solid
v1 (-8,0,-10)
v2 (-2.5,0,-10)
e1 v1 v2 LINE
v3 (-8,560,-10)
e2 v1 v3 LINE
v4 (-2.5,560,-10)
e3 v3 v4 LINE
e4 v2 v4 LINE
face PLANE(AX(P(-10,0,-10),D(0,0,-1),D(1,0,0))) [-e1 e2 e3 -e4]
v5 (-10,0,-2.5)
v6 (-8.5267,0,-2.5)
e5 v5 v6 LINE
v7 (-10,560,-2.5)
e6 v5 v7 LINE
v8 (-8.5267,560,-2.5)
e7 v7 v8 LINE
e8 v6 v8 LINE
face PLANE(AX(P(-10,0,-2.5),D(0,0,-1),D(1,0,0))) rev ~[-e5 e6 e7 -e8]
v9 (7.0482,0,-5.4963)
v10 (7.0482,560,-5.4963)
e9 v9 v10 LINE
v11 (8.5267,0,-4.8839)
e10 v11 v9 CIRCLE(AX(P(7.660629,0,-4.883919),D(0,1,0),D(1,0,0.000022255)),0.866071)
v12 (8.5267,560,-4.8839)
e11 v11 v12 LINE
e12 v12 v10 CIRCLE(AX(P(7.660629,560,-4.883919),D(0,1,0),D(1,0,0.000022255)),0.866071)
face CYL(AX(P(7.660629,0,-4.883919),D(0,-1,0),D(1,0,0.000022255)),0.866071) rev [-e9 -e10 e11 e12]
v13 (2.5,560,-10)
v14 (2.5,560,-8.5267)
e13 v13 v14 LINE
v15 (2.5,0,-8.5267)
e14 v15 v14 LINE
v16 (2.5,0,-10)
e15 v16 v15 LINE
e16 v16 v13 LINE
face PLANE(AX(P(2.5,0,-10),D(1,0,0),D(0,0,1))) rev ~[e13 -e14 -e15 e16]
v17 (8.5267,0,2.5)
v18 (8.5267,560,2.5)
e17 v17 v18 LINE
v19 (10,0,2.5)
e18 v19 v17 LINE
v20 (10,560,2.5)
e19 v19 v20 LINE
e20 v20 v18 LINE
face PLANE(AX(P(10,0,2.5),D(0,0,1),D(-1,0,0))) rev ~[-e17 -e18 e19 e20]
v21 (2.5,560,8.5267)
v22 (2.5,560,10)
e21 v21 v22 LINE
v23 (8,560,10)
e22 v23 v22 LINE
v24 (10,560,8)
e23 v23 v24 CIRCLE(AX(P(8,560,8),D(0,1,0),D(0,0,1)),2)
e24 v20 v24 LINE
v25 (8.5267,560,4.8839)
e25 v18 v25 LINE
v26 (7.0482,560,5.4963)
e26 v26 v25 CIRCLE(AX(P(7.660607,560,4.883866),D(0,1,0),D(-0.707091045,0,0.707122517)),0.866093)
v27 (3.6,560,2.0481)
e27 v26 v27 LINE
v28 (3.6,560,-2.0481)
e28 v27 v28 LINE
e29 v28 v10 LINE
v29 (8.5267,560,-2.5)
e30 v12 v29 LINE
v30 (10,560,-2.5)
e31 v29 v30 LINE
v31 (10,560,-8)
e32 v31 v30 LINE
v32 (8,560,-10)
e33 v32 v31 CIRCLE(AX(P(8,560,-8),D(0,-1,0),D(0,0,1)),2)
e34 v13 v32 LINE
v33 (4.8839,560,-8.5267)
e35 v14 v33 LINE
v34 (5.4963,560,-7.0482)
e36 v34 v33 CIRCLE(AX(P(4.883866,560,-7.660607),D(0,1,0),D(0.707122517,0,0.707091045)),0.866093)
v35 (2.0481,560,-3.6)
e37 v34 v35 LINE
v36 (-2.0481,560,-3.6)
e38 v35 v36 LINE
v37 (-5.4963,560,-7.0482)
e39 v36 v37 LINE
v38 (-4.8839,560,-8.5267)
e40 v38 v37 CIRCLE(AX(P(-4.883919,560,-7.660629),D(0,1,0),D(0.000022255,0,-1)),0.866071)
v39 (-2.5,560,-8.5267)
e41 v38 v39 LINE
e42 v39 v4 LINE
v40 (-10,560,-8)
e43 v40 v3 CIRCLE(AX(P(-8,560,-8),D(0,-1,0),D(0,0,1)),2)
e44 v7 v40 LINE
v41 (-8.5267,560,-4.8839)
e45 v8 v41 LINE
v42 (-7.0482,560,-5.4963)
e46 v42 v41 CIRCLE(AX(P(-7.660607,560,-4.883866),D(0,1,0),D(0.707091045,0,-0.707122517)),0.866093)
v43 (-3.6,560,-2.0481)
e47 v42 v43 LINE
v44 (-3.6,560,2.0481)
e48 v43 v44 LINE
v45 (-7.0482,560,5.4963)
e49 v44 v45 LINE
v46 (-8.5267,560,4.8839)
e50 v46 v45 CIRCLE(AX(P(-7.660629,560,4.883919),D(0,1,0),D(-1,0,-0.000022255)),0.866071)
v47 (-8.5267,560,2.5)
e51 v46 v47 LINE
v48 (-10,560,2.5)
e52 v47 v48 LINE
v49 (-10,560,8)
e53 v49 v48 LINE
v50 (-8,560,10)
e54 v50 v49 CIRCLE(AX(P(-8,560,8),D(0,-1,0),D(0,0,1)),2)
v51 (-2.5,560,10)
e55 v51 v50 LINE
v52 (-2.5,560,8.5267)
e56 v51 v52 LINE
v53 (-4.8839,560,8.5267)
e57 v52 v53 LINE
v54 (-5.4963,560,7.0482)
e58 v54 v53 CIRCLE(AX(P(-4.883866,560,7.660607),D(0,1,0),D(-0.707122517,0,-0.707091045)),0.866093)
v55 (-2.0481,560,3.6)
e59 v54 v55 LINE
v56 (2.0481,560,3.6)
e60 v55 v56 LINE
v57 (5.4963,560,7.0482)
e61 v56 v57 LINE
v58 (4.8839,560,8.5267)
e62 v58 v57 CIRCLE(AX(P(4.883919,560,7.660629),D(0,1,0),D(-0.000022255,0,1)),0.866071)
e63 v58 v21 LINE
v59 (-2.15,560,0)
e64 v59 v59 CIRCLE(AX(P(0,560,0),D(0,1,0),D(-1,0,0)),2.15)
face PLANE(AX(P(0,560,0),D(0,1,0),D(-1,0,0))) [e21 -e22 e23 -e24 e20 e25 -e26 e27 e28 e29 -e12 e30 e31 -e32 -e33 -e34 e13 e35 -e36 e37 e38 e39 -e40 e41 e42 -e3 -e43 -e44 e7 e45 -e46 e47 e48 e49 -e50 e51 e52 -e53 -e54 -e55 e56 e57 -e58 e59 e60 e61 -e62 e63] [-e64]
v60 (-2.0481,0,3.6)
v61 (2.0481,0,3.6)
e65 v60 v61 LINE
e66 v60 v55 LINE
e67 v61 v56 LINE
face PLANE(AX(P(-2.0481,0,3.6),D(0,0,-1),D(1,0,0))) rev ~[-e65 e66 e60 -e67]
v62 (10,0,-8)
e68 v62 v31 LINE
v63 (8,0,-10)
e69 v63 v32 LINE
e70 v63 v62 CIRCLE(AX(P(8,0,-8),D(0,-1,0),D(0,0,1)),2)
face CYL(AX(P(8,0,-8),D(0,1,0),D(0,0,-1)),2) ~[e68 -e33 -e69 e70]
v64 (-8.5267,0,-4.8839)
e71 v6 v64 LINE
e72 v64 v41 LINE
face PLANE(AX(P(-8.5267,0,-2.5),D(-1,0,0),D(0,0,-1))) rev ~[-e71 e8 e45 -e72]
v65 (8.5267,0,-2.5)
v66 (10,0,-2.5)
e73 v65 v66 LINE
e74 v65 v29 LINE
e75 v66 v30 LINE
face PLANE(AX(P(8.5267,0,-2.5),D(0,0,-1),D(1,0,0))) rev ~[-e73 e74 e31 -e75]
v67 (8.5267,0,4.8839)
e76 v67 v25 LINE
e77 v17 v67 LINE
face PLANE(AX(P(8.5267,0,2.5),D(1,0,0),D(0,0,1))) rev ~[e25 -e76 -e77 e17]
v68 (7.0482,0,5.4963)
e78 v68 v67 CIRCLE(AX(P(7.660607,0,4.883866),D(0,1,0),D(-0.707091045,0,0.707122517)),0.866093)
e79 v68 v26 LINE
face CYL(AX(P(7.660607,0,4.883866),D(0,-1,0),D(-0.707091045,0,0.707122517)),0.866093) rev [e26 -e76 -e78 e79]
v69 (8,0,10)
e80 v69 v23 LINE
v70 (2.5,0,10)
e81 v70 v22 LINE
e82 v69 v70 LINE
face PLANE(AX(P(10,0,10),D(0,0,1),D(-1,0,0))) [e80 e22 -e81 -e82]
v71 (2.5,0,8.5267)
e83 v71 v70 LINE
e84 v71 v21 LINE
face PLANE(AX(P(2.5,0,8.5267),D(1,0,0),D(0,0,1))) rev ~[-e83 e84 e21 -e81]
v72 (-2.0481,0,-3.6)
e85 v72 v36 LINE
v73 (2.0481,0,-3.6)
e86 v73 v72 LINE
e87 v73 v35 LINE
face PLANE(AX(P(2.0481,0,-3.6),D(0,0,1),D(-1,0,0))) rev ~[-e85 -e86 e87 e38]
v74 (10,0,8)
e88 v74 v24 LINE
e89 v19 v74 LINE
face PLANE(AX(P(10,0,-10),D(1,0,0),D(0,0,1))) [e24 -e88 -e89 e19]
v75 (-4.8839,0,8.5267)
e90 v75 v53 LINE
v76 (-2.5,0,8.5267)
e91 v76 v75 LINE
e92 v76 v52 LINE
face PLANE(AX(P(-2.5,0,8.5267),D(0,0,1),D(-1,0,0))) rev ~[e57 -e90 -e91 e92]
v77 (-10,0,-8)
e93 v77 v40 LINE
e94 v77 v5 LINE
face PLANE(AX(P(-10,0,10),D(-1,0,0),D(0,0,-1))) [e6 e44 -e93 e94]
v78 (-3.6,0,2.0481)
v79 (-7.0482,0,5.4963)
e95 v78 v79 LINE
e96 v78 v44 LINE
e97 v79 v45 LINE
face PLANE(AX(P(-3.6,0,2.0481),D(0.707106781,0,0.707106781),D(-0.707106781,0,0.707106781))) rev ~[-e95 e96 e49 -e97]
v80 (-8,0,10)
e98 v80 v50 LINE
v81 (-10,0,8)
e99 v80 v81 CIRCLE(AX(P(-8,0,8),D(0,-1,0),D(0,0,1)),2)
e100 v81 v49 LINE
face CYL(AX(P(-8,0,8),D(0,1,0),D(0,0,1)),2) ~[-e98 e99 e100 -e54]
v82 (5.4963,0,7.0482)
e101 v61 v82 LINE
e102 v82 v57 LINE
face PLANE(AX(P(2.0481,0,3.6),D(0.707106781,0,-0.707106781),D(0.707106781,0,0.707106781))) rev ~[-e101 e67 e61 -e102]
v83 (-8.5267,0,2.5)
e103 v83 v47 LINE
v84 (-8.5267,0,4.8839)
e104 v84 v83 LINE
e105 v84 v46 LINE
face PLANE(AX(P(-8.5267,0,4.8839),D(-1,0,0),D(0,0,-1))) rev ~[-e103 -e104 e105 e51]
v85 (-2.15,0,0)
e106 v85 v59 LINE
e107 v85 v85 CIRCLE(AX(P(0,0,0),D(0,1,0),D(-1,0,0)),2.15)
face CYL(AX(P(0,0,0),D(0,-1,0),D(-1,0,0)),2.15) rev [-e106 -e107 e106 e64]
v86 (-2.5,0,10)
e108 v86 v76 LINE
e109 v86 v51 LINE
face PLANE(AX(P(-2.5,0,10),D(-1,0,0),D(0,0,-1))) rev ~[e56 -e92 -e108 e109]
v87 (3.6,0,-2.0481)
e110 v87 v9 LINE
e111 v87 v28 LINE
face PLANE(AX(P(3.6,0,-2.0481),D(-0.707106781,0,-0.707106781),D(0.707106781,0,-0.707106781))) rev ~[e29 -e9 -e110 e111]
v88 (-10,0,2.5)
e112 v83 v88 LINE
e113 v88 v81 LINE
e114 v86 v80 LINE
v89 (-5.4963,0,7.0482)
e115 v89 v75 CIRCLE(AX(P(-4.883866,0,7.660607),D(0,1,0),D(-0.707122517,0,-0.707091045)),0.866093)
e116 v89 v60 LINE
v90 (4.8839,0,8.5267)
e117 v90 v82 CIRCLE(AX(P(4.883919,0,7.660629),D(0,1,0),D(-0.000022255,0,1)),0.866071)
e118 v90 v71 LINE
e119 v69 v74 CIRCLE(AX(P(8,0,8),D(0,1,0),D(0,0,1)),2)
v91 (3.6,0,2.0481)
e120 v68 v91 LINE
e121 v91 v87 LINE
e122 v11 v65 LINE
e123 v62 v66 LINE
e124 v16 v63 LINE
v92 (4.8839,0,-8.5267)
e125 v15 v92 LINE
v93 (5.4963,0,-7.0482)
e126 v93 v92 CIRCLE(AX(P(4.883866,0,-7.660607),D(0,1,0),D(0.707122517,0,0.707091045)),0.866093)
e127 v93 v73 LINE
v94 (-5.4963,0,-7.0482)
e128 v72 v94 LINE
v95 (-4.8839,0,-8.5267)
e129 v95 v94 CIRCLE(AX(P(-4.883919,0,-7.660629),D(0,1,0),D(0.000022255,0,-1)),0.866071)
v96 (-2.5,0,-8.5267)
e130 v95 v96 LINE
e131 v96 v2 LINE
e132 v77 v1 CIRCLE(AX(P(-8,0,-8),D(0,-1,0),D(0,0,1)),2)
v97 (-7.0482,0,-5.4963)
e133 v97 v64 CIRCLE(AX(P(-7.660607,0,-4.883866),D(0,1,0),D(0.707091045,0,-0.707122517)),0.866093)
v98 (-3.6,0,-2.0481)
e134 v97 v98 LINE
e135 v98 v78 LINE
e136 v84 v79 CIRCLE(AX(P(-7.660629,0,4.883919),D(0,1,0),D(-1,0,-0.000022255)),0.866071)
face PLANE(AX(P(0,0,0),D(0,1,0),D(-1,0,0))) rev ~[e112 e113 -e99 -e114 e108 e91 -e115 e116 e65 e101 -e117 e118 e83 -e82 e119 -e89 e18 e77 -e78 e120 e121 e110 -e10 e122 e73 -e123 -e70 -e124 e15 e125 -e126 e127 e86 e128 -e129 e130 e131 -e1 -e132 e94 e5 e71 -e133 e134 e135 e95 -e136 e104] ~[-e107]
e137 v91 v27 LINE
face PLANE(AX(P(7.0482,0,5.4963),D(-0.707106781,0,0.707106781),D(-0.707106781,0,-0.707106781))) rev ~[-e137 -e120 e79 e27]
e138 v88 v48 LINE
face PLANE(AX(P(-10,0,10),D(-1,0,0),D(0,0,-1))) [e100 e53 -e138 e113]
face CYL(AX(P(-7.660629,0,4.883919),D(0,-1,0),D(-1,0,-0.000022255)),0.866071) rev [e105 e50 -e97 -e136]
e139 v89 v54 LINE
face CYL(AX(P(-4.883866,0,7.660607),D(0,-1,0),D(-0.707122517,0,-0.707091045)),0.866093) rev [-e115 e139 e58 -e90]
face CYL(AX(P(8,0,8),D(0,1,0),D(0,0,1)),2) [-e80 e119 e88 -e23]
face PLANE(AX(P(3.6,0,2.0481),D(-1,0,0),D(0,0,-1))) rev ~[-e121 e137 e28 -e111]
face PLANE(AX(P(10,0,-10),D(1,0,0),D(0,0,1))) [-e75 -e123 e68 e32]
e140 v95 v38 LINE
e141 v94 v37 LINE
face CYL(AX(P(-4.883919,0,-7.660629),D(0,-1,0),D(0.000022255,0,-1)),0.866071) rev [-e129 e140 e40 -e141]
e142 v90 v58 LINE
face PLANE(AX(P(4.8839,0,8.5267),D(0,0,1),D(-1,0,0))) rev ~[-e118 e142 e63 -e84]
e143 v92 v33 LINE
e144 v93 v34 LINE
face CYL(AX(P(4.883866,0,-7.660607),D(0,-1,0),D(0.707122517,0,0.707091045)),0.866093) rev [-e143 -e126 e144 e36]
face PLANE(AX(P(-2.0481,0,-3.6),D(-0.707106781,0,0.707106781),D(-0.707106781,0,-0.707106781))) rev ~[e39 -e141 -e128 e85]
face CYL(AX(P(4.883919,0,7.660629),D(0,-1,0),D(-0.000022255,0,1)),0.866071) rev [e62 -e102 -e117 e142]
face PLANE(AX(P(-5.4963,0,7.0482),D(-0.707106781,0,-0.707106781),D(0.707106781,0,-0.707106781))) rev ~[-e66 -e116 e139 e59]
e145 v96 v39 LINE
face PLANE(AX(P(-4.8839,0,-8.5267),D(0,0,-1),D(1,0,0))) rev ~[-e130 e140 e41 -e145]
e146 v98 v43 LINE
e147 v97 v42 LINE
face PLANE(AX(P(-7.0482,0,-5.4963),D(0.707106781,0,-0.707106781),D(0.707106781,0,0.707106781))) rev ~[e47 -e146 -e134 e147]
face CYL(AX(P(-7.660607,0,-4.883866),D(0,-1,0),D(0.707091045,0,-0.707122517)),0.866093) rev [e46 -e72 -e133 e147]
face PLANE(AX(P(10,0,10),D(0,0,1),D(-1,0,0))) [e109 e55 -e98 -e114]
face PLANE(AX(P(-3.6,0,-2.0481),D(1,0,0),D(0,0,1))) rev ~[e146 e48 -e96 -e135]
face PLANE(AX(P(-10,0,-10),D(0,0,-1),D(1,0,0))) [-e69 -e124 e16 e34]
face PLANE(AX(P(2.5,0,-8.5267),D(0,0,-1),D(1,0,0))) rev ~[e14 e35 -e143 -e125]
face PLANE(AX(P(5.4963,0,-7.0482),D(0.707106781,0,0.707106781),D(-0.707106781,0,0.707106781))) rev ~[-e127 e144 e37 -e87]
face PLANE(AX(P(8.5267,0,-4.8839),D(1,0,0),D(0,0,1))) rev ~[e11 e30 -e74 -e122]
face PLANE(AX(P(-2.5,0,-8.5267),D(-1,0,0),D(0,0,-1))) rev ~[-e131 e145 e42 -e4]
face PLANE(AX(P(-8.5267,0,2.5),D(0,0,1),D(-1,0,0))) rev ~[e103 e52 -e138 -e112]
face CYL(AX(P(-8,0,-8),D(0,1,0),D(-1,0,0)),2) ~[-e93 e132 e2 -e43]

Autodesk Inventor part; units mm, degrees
ref_plane "YZ Plane" through (0, 0, 0) normal (1, 0, 0) x (0, 1, 0)
ref_plane "XZ Plane" through (0, 0, 0) normal (0, 1, 0) x (-1, 0, 0)
ref_plane "XY Plane" through (0, 0, 0) normal (0, 0, 1) x (1, 0, 0)
sketch "Sketch1" plane through (0, 0, 0) normal (0, 1, 0) x (-1, 0, 0)
  circle A0 centre (0, 0) radius 2.15
  line L0 (-10, 10) -> (10, 10)
  line L1 (10, 10) -> (10, -10)
  line L2 (10, -10) -> (-10, -10)
  line L3 (-10, -10) -> (-10, 10)
  line L4 (-10, 10) -> (10, -10) construction
  line L5 (10, 10) -> (-10, -10) construction
  line L6 (10, -2.5) -> (8.5267, -2.5)
  line L7 (8.5267, -2.5) -> (8.5267, -4.8839)
  line L8 (7.0482, -5.4963) -> (3.6, -2.0481)
  line L9 (3.6, -2.0481) -> (3.6, 2.0481)
  line L10 (3.6, 2.0481) -> (7.0482, 5.4963)
  line L11 (8.5267, 4.8839) -> (8.5267, 2.5)
  line L12 (8.5267, 2.5) -> (10, 2.5)
  line L13 (0, 0) -> (10, 0) construction
  arc A1 (8.5267, 4.8839) -> (7.0482, 5.4963) centre (7.6606, 4.8839) ccw
  arc A2 (7.0482, -5.4963) -> (8.5267, -4.8839) centre (7.6606, -4.8839) ccw
  point P0 (8.5267, -6.9748)
  point P1 (8.5267, 6.9748)
  point P2 (3.6, 0)
  dimension "d0" = 4.3
  dimension "d1" = 20
  dimension "d2" = 20
  dimension "d3" = 5
  dimension "d4" = 6.4
  dimension "d14" = 11.5
extrude "Extrusion1" add sketch "Sketch1" along normal blind 560
extrude "Extrusion2" cut sketch "Sketch1" along normal blind 560 contours L1 L6 L7 A2 L8 L9 L10 A1 L11 L12
pattern_circular "Circular Pattern1" count 4 over 360 about axis through (0, -10, 0) along (0, 1, 0) of "Extrusion2"
fillet "Fillet1" radius 2 4 edges at (-10, 280, -10) (10, 280, -10) (10, 280, 10) (-10, 280, 10)
equation "\"d7\" = d5"
equation "\"d5\" = 560"
properties part number "8020"
